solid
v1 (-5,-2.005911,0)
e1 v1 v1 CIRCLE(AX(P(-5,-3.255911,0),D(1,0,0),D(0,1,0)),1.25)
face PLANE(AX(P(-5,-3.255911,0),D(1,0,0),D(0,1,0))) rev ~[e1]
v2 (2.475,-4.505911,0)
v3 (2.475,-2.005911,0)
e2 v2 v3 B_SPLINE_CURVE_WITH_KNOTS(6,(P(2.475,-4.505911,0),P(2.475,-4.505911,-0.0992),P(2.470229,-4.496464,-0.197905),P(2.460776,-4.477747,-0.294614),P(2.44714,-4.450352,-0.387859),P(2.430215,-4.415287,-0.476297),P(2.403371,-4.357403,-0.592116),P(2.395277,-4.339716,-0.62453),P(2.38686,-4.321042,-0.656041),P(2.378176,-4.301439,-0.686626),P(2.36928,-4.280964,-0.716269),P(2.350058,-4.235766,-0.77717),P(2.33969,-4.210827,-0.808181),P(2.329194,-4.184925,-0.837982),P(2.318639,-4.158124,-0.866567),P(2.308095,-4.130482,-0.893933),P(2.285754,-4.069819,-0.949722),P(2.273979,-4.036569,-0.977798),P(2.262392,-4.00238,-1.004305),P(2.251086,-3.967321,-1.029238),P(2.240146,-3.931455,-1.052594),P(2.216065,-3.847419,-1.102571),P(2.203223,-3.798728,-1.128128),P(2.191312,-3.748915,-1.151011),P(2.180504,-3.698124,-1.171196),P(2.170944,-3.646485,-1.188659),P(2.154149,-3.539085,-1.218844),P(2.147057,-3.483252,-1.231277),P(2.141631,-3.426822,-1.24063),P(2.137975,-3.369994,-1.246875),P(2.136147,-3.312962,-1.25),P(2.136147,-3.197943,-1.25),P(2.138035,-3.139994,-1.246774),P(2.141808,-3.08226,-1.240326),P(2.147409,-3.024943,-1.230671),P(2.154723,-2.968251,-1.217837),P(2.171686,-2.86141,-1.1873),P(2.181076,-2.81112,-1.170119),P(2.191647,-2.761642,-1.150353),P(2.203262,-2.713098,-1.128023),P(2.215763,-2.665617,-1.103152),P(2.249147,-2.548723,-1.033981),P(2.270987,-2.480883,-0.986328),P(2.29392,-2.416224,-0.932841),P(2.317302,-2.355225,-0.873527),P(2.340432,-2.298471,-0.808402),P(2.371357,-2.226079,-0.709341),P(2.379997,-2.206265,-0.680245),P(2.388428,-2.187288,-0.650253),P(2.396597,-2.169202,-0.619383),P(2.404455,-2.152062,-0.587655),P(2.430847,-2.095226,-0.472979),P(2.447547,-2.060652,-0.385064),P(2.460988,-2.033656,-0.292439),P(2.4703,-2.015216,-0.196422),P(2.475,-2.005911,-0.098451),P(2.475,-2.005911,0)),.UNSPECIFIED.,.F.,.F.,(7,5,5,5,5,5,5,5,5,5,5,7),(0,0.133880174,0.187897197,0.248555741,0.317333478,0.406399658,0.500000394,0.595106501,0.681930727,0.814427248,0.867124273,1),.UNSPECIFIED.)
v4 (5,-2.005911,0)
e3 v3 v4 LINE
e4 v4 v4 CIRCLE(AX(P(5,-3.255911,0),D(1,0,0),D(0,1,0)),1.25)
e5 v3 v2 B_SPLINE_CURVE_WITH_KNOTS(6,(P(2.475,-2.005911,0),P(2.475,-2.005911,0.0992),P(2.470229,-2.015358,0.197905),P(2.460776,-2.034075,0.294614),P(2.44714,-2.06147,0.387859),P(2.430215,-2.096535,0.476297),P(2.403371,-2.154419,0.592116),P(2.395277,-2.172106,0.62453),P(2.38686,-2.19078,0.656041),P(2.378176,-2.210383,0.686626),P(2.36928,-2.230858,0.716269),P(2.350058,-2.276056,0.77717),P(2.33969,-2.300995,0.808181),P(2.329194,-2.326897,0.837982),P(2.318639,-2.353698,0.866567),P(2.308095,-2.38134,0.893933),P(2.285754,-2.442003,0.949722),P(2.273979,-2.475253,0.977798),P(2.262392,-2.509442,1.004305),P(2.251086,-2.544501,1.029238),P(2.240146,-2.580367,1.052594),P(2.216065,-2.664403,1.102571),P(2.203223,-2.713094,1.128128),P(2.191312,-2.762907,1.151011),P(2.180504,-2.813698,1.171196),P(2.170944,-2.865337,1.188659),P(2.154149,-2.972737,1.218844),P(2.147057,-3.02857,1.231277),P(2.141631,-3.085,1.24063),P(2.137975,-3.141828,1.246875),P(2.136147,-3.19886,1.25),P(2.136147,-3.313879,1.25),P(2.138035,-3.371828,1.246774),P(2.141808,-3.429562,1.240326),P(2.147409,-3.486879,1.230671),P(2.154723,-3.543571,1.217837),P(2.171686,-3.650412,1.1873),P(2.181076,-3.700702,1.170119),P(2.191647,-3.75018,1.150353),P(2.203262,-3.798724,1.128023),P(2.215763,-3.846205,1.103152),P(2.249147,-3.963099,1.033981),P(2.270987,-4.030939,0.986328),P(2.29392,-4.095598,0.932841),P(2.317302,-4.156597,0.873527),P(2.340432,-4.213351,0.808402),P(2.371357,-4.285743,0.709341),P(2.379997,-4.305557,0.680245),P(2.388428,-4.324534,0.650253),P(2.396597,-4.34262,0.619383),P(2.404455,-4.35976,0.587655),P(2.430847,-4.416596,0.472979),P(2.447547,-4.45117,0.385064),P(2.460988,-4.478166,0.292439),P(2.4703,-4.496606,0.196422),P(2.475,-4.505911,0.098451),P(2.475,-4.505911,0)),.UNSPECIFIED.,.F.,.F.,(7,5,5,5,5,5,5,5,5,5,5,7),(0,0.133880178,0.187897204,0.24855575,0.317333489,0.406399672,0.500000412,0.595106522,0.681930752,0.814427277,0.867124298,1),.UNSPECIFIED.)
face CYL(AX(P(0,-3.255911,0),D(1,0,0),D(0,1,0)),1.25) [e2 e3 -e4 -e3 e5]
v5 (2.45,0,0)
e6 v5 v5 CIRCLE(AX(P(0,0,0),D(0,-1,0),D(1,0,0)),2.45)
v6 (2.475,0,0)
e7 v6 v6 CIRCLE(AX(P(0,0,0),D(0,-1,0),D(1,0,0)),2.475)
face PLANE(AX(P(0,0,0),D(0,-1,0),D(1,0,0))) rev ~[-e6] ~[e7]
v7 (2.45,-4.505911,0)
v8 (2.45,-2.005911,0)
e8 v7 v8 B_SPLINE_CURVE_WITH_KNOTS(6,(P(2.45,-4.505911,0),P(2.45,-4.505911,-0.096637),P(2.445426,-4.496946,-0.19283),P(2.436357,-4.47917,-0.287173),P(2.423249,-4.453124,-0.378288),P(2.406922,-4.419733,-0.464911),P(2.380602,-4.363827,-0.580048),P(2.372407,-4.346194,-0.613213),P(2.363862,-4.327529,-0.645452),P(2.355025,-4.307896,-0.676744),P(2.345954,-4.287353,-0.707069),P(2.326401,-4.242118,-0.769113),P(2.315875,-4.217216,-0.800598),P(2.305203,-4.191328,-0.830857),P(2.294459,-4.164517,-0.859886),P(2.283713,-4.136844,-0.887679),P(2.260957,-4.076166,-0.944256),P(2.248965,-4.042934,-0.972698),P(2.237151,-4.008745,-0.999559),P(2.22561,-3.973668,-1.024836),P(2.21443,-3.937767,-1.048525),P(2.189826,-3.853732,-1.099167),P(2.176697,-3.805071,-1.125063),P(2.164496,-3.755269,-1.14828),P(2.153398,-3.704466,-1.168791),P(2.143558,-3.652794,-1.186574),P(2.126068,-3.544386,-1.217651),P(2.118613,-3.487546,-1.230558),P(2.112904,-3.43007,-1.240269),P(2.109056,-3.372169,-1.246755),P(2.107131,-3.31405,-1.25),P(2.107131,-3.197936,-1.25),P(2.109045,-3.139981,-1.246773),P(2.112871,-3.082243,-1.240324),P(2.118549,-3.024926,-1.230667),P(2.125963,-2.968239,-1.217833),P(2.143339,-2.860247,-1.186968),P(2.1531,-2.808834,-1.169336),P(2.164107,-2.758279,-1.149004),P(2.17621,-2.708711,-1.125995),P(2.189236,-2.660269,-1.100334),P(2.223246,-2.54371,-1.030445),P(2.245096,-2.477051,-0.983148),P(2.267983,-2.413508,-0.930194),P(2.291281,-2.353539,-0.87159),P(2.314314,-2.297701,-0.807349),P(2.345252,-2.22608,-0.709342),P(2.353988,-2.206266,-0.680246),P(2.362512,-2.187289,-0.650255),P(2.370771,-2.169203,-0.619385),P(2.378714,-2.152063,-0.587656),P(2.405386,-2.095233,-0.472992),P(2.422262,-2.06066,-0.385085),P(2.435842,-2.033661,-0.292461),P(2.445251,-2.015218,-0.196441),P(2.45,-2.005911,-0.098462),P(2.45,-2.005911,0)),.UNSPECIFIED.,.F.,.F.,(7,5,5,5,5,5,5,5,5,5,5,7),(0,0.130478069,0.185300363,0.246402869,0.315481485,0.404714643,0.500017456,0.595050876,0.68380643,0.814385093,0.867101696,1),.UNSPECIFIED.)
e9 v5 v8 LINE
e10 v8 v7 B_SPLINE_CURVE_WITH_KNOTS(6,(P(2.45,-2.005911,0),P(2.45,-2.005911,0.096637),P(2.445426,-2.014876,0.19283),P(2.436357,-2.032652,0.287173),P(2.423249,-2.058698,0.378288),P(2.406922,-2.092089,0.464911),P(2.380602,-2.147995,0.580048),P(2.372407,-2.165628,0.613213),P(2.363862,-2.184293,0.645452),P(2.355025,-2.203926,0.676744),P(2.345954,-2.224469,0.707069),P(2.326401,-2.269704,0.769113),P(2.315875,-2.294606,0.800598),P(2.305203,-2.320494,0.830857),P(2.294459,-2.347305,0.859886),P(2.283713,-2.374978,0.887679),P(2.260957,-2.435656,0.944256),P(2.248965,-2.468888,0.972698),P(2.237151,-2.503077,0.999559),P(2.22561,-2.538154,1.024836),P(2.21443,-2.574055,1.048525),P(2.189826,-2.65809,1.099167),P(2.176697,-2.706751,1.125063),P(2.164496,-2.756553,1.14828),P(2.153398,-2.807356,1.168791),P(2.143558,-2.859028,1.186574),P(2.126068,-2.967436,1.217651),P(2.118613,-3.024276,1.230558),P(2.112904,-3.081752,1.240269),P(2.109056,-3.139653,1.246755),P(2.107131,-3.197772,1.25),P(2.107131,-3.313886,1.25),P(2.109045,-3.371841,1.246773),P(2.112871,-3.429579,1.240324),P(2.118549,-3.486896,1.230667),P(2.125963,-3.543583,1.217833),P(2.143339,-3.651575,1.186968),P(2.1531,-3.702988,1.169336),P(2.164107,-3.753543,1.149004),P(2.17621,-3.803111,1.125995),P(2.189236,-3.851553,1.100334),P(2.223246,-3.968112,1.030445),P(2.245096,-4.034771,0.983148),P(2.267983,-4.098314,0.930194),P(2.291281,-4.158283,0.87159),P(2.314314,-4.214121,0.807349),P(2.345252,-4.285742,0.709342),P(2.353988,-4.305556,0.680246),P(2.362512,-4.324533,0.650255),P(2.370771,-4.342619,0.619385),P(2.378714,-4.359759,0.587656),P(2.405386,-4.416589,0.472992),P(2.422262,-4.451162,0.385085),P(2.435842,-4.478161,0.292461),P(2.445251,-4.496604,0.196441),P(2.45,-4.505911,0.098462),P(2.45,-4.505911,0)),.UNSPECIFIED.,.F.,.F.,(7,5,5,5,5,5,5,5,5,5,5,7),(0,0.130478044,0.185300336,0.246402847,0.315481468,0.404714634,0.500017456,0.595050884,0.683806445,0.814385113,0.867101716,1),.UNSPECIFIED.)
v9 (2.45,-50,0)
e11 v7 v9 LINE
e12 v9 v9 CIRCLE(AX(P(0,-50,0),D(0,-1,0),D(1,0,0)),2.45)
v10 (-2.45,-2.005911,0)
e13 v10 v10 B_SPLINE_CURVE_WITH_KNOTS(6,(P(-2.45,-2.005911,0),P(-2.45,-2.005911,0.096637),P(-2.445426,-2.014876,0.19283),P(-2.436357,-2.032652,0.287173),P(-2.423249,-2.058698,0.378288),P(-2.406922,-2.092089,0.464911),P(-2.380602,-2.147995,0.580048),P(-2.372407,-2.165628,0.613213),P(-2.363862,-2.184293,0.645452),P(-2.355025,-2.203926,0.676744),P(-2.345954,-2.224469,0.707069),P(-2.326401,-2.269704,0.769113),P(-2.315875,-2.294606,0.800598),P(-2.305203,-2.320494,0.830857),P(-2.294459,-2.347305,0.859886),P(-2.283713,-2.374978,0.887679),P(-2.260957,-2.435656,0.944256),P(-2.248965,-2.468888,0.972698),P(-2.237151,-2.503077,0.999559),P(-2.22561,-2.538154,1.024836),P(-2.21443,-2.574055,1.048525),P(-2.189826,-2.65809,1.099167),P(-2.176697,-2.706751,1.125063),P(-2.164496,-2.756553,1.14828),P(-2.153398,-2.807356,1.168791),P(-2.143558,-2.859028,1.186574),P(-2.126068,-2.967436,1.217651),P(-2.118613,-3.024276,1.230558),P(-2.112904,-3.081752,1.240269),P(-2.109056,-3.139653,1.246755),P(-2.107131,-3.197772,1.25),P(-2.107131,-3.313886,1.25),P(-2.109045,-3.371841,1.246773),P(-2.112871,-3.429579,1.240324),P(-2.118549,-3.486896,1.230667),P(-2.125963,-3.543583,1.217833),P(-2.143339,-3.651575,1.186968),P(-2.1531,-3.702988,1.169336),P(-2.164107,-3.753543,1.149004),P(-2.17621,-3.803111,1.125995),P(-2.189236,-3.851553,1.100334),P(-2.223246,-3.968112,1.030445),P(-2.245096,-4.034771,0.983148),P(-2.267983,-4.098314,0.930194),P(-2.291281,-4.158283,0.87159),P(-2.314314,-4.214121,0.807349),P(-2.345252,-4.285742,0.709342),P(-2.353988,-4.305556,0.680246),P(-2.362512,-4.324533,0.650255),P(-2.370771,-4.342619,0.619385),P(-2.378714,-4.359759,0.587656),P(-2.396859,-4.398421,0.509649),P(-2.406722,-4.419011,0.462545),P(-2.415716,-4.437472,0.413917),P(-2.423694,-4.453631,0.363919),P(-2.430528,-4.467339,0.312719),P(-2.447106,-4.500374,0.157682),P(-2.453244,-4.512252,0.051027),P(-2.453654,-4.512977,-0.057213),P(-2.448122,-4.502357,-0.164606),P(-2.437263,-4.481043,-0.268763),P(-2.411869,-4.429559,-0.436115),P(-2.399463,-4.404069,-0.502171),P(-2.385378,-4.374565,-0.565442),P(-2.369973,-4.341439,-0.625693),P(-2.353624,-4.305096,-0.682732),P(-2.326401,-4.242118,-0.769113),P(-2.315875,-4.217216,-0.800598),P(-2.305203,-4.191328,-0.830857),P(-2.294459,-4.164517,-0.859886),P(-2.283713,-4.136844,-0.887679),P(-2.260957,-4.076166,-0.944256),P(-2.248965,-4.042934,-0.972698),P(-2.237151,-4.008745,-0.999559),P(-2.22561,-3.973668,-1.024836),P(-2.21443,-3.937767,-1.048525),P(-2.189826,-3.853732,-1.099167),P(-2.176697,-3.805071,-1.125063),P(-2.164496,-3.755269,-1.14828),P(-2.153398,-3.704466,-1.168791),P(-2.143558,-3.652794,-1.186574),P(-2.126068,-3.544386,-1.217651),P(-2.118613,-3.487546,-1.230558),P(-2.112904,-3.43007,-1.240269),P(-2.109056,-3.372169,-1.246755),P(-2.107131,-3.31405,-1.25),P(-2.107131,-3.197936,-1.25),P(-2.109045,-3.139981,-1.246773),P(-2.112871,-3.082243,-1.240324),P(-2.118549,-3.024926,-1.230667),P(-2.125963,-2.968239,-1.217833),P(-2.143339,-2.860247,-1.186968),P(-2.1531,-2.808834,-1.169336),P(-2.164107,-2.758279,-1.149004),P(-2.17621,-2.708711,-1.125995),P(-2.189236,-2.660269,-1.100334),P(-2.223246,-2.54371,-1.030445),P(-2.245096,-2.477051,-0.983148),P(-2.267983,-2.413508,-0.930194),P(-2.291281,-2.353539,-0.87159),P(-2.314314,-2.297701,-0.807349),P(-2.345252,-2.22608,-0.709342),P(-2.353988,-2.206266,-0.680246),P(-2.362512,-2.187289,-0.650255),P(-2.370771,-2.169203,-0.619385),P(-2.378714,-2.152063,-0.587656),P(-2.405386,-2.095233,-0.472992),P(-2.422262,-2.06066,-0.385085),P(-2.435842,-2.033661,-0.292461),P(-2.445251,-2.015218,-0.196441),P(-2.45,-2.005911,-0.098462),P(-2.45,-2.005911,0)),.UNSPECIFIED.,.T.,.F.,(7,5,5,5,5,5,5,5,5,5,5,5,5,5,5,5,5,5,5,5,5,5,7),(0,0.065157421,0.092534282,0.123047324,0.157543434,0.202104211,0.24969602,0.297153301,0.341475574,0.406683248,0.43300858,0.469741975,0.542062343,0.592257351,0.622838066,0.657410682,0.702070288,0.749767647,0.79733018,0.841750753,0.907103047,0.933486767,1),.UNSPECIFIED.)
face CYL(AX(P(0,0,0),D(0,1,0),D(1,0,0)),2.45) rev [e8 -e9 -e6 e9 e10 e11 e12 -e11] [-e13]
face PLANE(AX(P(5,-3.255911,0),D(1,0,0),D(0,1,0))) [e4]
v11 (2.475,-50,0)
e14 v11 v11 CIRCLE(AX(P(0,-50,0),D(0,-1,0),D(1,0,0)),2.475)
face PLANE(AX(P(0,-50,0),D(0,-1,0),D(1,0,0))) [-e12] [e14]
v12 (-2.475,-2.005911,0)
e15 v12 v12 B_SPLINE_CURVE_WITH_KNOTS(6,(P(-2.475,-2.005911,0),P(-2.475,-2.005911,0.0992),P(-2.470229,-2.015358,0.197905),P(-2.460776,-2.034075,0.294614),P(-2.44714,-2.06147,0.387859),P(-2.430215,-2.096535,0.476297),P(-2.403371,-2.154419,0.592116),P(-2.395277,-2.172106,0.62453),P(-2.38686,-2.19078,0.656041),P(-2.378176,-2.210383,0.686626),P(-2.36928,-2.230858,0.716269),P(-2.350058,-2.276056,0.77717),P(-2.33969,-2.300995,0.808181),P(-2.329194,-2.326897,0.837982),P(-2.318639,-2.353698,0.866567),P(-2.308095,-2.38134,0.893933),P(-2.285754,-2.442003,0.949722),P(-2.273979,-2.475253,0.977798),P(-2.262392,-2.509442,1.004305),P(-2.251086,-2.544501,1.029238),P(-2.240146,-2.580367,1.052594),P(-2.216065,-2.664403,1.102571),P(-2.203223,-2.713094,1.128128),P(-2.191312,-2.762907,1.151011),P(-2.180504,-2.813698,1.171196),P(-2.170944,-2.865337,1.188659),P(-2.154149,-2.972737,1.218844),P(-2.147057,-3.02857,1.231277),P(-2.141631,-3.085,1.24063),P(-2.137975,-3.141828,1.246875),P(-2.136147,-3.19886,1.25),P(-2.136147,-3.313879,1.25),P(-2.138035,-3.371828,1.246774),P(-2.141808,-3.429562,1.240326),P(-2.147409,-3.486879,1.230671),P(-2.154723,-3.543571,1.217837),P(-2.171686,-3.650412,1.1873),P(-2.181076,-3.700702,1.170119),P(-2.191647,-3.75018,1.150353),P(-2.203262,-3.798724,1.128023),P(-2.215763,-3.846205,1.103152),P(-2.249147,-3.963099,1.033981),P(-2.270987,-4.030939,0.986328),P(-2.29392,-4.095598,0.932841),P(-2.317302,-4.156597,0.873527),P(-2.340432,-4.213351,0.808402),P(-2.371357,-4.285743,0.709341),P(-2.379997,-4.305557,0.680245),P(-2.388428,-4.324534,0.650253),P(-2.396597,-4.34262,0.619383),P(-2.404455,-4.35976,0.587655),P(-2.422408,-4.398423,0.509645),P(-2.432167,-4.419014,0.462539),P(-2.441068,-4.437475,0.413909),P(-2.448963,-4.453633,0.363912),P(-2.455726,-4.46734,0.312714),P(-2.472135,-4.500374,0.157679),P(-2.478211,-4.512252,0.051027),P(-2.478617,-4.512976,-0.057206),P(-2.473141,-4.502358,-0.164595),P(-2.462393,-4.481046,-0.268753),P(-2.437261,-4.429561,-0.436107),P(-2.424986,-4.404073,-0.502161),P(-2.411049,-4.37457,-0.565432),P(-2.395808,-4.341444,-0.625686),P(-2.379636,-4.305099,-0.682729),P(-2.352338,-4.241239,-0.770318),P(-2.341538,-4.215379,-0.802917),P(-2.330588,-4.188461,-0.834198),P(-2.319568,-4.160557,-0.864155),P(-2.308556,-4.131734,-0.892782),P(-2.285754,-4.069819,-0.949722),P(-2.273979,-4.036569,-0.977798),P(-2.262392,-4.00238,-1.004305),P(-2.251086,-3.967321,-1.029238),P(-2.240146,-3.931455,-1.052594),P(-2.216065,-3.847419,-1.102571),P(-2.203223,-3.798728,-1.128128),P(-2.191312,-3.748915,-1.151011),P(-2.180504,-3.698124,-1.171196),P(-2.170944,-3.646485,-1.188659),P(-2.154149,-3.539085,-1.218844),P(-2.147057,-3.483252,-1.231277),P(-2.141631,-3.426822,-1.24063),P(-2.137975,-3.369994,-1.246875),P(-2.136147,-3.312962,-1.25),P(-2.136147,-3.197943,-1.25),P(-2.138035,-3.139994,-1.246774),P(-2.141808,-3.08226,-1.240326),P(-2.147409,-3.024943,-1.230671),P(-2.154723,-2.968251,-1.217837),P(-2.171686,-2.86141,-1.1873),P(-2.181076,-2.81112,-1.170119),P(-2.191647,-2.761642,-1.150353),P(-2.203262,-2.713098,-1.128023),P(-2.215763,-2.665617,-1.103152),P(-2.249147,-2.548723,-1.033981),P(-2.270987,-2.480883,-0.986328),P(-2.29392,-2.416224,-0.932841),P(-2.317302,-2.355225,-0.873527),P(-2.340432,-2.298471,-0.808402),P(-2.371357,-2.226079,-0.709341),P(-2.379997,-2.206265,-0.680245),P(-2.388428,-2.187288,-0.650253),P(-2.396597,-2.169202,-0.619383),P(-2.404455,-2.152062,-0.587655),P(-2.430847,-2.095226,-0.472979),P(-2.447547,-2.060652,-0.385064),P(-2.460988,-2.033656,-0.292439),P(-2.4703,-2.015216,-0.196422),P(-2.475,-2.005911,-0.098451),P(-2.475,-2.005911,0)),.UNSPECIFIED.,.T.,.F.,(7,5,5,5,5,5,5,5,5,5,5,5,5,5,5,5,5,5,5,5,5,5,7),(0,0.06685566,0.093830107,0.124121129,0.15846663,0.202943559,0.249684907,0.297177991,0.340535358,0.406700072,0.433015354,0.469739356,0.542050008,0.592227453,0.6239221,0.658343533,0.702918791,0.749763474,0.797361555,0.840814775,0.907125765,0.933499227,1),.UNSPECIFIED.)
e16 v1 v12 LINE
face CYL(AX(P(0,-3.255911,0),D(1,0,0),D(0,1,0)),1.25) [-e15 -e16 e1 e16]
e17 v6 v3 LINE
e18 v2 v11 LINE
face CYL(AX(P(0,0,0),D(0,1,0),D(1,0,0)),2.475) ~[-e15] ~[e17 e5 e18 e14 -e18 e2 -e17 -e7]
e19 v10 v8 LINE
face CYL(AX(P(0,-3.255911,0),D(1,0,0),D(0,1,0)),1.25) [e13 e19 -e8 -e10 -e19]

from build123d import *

# Parameters (mm, degrees)
F0_R     = 2.475
F0_R_2   = 2.45
F1_DEPTH = 50
F2_R     = 1.25
F3_DEPTH = 5


with BuildPart() as f1:
    # F0 (on Front) → F1 (new body)
    with BuildSketch(Plane.XZ):
        Circle(F0_R)
        Circle(F0_R_2, mode=Mode.SUBTRACT)
    extrude(amount=F1_DEPTH)

    # F2 (on Right) → F3 (join, symmetric)
    with BuildSketch(Plane.YZ):
        with Locations((-3.255911, 0)):
            Circle(F2_R)
    extrude(amount=F3_DEPTH, both=True)


solid = f1.part
